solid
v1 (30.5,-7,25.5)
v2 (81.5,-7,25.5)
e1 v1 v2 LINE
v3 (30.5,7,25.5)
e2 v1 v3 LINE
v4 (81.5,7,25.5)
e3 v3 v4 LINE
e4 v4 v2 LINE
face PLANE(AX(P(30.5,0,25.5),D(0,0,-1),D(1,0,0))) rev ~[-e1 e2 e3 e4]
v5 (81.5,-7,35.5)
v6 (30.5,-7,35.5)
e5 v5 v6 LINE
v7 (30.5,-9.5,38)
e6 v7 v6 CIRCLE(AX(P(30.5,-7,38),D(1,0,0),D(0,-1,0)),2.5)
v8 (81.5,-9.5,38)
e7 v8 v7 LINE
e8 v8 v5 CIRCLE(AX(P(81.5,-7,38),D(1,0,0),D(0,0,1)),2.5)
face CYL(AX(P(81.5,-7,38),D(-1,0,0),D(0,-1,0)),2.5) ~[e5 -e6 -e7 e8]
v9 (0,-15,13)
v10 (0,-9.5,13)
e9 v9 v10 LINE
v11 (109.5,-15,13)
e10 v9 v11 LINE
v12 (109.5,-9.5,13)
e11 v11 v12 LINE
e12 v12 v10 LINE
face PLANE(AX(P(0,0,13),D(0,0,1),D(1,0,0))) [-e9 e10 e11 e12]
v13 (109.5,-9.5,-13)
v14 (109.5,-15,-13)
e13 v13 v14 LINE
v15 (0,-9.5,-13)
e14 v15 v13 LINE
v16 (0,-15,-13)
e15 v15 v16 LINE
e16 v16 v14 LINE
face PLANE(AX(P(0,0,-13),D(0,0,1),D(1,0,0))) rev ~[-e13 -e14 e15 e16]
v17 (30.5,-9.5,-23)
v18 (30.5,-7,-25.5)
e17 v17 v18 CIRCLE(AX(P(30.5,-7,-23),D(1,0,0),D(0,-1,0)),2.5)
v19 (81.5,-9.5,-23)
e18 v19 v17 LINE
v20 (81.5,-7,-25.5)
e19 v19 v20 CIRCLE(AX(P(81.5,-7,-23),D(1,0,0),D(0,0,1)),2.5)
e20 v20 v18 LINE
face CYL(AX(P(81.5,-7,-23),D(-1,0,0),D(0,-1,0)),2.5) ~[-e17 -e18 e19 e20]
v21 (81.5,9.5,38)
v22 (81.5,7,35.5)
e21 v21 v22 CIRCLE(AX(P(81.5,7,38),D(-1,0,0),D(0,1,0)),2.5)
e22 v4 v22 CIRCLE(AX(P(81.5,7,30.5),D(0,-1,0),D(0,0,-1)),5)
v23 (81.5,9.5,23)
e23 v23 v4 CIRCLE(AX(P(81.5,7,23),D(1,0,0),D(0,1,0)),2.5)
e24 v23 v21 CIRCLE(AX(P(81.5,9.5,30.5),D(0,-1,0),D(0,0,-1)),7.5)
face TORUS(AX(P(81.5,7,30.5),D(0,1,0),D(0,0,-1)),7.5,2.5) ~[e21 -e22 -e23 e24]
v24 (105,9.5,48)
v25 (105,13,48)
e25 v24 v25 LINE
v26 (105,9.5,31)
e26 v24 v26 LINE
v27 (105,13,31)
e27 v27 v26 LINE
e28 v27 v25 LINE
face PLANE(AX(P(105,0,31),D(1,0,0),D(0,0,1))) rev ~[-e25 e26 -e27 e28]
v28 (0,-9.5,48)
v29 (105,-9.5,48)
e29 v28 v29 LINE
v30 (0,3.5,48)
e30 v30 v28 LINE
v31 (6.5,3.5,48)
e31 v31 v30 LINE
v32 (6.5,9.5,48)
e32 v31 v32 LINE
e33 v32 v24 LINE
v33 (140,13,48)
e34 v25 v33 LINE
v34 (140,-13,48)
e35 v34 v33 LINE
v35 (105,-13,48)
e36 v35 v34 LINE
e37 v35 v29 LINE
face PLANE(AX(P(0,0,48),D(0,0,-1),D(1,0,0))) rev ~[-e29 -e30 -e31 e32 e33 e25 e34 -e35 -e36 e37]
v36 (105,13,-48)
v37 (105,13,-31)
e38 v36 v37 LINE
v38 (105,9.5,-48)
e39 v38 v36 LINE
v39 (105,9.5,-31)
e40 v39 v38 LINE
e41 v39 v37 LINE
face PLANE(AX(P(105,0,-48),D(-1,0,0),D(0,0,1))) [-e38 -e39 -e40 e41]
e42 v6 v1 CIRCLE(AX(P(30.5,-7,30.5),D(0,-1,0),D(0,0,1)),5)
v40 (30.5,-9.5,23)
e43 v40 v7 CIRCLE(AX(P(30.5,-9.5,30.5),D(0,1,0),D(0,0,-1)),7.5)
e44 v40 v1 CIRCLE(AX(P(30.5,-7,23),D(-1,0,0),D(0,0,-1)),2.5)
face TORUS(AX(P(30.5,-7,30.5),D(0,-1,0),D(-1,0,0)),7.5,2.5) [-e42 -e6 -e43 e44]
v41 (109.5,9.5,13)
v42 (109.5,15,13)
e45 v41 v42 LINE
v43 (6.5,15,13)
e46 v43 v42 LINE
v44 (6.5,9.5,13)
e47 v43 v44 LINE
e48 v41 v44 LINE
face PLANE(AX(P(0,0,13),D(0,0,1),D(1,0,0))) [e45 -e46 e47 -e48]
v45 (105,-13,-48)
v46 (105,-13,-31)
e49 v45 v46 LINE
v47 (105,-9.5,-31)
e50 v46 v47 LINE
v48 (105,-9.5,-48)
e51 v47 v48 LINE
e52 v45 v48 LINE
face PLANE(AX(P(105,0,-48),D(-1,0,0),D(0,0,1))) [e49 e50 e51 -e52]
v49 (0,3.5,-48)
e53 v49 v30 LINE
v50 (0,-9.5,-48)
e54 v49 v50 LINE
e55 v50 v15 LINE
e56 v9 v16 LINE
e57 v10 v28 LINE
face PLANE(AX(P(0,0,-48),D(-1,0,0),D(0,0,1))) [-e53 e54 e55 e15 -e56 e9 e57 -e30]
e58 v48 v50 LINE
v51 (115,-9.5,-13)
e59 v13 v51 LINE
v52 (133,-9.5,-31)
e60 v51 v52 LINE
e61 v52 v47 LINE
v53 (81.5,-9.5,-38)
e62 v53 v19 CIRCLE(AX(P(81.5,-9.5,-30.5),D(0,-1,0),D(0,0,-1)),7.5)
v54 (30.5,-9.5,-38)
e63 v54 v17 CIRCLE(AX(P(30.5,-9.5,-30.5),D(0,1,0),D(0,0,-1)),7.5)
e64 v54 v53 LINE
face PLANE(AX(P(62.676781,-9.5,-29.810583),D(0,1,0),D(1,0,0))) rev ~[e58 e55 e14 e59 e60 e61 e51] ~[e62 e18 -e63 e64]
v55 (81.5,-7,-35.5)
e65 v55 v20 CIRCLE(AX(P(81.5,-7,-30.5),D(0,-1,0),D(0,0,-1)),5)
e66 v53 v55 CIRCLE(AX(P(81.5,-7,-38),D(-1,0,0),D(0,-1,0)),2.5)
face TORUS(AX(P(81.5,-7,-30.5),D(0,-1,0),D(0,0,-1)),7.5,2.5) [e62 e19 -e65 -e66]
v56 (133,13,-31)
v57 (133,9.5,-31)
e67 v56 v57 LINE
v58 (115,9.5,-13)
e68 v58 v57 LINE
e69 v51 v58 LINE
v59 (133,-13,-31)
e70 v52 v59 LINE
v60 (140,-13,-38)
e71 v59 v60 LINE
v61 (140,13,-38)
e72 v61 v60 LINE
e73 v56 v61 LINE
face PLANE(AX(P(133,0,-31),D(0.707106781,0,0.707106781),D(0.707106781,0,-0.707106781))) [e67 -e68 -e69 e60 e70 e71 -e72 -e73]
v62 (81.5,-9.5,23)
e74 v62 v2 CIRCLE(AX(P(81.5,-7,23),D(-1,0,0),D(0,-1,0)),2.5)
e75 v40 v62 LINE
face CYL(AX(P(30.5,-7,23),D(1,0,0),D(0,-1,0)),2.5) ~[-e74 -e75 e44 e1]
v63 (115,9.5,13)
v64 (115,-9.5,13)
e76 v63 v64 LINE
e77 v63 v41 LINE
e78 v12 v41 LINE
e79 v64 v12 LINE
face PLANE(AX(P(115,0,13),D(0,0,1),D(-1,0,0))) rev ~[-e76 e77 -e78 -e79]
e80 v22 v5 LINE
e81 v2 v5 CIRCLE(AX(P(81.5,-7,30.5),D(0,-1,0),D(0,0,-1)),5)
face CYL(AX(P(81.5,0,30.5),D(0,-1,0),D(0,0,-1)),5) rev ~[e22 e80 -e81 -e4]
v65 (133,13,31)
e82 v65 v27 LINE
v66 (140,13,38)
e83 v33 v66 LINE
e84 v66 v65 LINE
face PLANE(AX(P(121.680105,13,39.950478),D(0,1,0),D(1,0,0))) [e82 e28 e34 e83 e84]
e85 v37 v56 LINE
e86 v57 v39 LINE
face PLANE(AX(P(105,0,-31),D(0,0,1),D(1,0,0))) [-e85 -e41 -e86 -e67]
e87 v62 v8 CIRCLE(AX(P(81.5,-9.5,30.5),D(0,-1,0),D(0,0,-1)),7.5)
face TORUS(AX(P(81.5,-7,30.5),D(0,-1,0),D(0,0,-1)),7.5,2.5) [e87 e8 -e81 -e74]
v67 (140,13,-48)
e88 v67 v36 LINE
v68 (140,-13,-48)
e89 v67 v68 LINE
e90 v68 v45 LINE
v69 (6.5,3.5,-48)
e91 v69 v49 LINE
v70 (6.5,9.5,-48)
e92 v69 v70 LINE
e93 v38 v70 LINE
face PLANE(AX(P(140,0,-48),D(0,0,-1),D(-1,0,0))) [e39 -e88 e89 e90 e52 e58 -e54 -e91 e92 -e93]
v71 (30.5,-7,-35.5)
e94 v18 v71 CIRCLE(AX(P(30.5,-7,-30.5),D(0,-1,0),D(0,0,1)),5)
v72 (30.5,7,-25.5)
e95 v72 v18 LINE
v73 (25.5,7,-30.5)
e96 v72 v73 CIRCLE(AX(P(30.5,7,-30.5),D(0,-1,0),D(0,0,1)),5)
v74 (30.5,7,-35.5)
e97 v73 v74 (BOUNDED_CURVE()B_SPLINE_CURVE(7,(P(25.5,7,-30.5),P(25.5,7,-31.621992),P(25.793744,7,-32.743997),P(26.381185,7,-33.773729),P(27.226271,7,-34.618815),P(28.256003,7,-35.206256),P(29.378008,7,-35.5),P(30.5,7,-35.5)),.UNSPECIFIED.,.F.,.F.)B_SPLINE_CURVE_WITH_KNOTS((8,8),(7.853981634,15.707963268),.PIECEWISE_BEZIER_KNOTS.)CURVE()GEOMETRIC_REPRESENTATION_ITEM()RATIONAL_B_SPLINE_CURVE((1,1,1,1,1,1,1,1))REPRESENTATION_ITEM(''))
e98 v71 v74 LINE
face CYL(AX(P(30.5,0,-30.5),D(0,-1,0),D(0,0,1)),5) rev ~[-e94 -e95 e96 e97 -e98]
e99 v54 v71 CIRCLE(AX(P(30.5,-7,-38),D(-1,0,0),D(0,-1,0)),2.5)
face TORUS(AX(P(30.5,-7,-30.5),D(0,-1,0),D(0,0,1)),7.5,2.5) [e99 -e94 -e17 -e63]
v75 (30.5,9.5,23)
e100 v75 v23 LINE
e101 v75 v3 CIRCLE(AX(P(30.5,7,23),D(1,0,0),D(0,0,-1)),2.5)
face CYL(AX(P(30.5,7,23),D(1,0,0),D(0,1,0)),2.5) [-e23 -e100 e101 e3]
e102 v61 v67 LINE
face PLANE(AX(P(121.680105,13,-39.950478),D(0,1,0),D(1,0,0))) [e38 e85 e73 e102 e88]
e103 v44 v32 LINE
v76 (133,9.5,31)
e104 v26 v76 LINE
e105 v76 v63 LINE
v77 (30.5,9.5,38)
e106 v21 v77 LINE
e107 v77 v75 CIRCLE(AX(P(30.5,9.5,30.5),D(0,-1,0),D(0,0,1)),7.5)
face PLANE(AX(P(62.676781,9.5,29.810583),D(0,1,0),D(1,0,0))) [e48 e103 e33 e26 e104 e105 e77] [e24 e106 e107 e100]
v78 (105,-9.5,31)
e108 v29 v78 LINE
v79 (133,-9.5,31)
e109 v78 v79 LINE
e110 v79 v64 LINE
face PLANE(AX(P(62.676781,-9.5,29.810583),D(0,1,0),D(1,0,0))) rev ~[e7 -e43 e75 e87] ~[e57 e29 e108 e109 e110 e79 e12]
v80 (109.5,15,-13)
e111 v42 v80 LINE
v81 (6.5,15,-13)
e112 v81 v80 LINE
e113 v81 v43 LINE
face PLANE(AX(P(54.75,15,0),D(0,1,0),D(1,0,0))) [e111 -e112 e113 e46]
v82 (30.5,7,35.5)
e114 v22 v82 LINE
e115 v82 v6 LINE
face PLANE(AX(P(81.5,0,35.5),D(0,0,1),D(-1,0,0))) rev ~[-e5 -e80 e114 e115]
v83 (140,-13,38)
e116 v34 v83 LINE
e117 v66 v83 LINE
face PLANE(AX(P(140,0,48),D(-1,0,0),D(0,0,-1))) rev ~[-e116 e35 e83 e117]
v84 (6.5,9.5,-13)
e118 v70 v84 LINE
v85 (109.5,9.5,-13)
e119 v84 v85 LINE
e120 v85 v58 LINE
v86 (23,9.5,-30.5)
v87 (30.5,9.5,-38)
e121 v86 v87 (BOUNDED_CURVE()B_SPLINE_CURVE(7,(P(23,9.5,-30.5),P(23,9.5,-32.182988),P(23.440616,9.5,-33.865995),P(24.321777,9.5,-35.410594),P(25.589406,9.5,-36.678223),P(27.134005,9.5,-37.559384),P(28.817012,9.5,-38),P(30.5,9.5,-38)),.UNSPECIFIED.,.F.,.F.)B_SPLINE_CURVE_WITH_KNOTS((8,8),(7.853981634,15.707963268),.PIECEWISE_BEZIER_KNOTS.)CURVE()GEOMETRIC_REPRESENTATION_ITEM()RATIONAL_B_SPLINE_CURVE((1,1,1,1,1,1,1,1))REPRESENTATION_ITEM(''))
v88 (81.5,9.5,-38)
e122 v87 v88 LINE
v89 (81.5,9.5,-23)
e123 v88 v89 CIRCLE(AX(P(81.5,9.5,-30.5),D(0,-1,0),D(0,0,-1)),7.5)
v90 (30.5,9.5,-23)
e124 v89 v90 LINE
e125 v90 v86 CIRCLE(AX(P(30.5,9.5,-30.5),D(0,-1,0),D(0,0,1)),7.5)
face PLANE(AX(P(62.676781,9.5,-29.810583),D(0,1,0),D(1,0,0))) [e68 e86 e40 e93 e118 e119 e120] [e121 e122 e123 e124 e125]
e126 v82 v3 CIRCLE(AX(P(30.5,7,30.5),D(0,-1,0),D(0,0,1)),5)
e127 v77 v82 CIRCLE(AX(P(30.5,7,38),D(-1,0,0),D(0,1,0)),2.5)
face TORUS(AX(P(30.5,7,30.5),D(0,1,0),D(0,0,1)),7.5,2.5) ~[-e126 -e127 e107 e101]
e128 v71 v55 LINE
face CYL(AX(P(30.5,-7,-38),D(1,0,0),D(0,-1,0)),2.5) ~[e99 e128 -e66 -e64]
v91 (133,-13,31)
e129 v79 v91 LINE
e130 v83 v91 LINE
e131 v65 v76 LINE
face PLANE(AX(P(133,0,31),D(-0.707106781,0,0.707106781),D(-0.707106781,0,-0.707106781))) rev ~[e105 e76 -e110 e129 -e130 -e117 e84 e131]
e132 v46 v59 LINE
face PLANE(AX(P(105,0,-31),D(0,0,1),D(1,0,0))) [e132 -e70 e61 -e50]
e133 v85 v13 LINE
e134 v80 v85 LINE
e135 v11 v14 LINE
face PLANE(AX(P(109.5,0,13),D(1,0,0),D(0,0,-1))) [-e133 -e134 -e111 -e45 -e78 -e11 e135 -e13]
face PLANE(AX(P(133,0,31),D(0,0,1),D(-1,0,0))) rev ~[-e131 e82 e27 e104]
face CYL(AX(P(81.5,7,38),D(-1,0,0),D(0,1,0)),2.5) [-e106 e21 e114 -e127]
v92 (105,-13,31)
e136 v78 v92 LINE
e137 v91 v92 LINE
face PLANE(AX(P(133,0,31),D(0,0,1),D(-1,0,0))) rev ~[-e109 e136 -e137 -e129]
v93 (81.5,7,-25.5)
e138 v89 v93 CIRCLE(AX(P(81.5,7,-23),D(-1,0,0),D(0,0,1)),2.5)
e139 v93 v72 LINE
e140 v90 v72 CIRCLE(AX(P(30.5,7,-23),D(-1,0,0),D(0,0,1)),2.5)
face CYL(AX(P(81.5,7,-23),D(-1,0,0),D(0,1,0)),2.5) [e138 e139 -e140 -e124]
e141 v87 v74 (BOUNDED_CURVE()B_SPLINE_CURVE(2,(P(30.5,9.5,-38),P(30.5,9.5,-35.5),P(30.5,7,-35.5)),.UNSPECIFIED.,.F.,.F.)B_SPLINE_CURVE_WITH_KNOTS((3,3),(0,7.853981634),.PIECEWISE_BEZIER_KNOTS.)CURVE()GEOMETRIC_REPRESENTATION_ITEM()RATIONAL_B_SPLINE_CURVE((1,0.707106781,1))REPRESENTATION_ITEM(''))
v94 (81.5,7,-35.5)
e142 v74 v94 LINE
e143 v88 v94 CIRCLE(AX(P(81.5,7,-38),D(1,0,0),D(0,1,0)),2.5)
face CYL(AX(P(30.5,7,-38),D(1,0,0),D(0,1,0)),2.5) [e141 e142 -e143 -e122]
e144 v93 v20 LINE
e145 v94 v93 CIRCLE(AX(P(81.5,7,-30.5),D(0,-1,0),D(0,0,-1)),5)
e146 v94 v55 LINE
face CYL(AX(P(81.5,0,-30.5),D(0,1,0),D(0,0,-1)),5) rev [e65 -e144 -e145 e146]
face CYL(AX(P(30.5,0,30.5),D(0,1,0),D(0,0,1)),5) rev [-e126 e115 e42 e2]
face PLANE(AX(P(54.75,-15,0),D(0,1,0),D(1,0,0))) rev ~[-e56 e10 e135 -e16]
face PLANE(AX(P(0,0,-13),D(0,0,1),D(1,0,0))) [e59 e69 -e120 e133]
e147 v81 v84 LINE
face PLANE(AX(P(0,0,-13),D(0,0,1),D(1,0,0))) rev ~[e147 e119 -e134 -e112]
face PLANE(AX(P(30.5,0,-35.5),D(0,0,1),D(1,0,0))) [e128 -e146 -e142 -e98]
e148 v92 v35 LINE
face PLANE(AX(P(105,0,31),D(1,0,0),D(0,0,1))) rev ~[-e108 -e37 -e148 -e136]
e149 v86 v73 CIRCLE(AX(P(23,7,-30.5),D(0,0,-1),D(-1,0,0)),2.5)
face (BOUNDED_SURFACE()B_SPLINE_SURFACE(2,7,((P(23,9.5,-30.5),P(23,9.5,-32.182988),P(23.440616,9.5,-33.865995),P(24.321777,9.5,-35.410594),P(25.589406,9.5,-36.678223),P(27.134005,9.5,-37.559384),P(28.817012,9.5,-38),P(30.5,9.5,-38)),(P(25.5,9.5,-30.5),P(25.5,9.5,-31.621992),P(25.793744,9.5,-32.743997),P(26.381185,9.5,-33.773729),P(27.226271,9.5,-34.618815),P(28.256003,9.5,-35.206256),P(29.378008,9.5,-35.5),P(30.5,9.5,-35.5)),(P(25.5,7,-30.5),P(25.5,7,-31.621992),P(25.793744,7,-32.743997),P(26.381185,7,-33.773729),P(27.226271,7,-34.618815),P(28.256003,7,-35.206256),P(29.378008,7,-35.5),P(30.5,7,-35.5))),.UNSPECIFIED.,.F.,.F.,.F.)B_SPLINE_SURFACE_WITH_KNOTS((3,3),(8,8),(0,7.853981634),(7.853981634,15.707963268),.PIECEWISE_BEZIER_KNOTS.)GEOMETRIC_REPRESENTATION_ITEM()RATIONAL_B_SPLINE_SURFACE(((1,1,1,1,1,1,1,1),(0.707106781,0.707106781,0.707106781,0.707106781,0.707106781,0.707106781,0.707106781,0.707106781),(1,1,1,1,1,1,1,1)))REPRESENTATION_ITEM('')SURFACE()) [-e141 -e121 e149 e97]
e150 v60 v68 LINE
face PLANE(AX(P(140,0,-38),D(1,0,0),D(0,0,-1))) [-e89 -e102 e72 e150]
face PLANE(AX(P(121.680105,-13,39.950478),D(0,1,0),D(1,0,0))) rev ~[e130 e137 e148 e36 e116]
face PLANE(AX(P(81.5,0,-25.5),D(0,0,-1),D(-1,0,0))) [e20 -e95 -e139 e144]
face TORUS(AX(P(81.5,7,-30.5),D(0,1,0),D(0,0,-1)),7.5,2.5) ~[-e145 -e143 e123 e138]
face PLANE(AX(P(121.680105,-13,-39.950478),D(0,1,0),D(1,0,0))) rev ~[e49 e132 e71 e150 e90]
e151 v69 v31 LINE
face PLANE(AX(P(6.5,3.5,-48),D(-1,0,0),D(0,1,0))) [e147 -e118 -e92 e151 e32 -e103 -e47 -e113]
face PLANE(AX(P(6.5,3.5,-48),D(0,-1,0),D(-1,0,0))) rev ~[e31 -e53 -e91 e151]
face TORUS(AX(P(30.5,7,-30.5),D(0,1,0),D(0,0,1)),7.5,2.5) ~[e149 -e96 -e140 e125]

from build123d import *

# Parameters (mm, degrees)
SKETCH1_W           = 109.5
SKETCH1_H           = 26
BOSS_EXTRUDE2_DEPTH = 15
BOSS_EXTRUDE5_DEPTH = 9.5
BOSS_EXTRUDE6_DEPTH = 13
SKETCH2_W           = 6.5
SKETCH2_H           = 11.5
CUT_EXTRUDE1_DEPTH  = 171.414201286
FILLET1_R           = 2.5


with BuildPart() as part:
    # Sketch1 → Boss-Extrude2 (new, symmetric)
    with BuildSketch(Plane(origin=(0, 0, 0), x_dir=(1, 0, 0), z_dir=(0, 1, 0))):
        with Locations((54.75, 0)):
            Rectangle(SKETCH1_W, SKETCH1_H)
    extrude(amount=BOSS_EXTRUDE2_DEPTH, both=True)

    # Sketch1<6> → Boss-Extrude5 (add, symmetric)
    # profile 1 of 2: a face of its own
    with BuildSketch(Plane(origin=(0, 0, 0), x_dir=(1, 0, 0), z_dir=(0, 1, 0))):
        Polygon((0, -30.5), (0, -48), (105, -48), (105, -31), (133, -31), (115, -13), (0, -13), align=None)
        with BuildLine():
            ThreePointArc((30.5, -35.5), (26.964466094, -34.035533906), (25.5, -30.5))
            ThreePointArc((25.5, -30.5), (26.964466094, -26.964466094), (30.5, -25.5))
            Line((30.5, -25.5), (81.5, -25.5))
            ThreePointArc((81.5, -25.5), (86.5, -30.5), (81.5, -35.5))
            Line((81.5, -35.5), (30.5, -35.5))
        make_face(mode=Mode.SUBTRACT)
    # profile 2 of 2: a face of its own
    with BuildSketch(Plane(origin=(0, 0, 0), x_dir=(1, 0, 0), z_dir=(0, 1, 0))):
        Polygon((0, 30.5), (0, 13), (115, 13), (133, 31), (105, 31), (105, 48), (0, 48), align=None)
        with BuildLine():
            ThreePointArc((30.5, 25.5), (26.964466094, 26.964466094), (25.5, 30.5))
            ThreePointArc((25.5, 30.5), (26.964466094, 34.035533906), (30.5, 35.5))
            Line((30.5, 35.5), (81.5, 35.5))
            ThreePointArc((81.5, 35.5), (86.5, 30.5), (81.5, 25.5))
            Line((81.5, 25.5), (30.5, 25.5))
        make_face(mode=Mode.SUBTRACT)
    extrude(amount=BOSS_EXTRUDE5_DEPTH, both=True)

    # Sketch1<7> → Boss-Extrude6 (add, symmetric)
    with BuildSketch(Plane(origin=(0, 0, 0), x_dir=(1, 0, 0), z_dir=(0, 1, 0))):
        Polygon((105, -31), (105, -48), (140, -48), (140, -38), (133, -31), align=None)
        Polygon((140, 48), (105, 48), (105, 31), (133, 31), (140, 38), align=None)
    extrude(amount=BOSS_EXTRUDE6_DEPTH, both=True)

    # Sketch2 → Cut-Extrude1 (cut, through all)
    with BuildSketch(Plane(origin=(0, 0, -48), x_dir=(-1, 0, 0), z_dir=(0, 0, -1))):
        with Locations((-3.25, 9.25)):
            Rectangle(SKETCH2_W, SKETCH2_H)
    extrude(amount=-CUT_EXTRUDE1_DEPTH, mode=Mode.SUBTRACT)

    # Fillet1
    fillet1_edges = [part.edges().sort_by_distance(p)[0] for p in [
        (25.5, 9.5, -30.5),
        (56, -9.5, -35.5),
        (86.5, 9.5, -30.5),
        (56, 9.5, -25.5),
        (56, 9.5, -35.5),
        (25.5, -9.5, -30.5),
        (56, -9.5, -25.5),
        (86.5, -9.5, -30.5),
        (25.5, -9.5, 30.5),
        (56, -9.5, 25.5),
        (86.5, -9.5, 30.5),
        (56, 9.5, 35.5),
        (25.5, 9.5, 30.5),
        (56, 9.5, 25.5),
        (86.5, 9.5, 30.5),
        (56, -9.5, 35.5),
    ]]
    fillet(fillet1_edges, radius=FILLET1_R)


solid = part.part
